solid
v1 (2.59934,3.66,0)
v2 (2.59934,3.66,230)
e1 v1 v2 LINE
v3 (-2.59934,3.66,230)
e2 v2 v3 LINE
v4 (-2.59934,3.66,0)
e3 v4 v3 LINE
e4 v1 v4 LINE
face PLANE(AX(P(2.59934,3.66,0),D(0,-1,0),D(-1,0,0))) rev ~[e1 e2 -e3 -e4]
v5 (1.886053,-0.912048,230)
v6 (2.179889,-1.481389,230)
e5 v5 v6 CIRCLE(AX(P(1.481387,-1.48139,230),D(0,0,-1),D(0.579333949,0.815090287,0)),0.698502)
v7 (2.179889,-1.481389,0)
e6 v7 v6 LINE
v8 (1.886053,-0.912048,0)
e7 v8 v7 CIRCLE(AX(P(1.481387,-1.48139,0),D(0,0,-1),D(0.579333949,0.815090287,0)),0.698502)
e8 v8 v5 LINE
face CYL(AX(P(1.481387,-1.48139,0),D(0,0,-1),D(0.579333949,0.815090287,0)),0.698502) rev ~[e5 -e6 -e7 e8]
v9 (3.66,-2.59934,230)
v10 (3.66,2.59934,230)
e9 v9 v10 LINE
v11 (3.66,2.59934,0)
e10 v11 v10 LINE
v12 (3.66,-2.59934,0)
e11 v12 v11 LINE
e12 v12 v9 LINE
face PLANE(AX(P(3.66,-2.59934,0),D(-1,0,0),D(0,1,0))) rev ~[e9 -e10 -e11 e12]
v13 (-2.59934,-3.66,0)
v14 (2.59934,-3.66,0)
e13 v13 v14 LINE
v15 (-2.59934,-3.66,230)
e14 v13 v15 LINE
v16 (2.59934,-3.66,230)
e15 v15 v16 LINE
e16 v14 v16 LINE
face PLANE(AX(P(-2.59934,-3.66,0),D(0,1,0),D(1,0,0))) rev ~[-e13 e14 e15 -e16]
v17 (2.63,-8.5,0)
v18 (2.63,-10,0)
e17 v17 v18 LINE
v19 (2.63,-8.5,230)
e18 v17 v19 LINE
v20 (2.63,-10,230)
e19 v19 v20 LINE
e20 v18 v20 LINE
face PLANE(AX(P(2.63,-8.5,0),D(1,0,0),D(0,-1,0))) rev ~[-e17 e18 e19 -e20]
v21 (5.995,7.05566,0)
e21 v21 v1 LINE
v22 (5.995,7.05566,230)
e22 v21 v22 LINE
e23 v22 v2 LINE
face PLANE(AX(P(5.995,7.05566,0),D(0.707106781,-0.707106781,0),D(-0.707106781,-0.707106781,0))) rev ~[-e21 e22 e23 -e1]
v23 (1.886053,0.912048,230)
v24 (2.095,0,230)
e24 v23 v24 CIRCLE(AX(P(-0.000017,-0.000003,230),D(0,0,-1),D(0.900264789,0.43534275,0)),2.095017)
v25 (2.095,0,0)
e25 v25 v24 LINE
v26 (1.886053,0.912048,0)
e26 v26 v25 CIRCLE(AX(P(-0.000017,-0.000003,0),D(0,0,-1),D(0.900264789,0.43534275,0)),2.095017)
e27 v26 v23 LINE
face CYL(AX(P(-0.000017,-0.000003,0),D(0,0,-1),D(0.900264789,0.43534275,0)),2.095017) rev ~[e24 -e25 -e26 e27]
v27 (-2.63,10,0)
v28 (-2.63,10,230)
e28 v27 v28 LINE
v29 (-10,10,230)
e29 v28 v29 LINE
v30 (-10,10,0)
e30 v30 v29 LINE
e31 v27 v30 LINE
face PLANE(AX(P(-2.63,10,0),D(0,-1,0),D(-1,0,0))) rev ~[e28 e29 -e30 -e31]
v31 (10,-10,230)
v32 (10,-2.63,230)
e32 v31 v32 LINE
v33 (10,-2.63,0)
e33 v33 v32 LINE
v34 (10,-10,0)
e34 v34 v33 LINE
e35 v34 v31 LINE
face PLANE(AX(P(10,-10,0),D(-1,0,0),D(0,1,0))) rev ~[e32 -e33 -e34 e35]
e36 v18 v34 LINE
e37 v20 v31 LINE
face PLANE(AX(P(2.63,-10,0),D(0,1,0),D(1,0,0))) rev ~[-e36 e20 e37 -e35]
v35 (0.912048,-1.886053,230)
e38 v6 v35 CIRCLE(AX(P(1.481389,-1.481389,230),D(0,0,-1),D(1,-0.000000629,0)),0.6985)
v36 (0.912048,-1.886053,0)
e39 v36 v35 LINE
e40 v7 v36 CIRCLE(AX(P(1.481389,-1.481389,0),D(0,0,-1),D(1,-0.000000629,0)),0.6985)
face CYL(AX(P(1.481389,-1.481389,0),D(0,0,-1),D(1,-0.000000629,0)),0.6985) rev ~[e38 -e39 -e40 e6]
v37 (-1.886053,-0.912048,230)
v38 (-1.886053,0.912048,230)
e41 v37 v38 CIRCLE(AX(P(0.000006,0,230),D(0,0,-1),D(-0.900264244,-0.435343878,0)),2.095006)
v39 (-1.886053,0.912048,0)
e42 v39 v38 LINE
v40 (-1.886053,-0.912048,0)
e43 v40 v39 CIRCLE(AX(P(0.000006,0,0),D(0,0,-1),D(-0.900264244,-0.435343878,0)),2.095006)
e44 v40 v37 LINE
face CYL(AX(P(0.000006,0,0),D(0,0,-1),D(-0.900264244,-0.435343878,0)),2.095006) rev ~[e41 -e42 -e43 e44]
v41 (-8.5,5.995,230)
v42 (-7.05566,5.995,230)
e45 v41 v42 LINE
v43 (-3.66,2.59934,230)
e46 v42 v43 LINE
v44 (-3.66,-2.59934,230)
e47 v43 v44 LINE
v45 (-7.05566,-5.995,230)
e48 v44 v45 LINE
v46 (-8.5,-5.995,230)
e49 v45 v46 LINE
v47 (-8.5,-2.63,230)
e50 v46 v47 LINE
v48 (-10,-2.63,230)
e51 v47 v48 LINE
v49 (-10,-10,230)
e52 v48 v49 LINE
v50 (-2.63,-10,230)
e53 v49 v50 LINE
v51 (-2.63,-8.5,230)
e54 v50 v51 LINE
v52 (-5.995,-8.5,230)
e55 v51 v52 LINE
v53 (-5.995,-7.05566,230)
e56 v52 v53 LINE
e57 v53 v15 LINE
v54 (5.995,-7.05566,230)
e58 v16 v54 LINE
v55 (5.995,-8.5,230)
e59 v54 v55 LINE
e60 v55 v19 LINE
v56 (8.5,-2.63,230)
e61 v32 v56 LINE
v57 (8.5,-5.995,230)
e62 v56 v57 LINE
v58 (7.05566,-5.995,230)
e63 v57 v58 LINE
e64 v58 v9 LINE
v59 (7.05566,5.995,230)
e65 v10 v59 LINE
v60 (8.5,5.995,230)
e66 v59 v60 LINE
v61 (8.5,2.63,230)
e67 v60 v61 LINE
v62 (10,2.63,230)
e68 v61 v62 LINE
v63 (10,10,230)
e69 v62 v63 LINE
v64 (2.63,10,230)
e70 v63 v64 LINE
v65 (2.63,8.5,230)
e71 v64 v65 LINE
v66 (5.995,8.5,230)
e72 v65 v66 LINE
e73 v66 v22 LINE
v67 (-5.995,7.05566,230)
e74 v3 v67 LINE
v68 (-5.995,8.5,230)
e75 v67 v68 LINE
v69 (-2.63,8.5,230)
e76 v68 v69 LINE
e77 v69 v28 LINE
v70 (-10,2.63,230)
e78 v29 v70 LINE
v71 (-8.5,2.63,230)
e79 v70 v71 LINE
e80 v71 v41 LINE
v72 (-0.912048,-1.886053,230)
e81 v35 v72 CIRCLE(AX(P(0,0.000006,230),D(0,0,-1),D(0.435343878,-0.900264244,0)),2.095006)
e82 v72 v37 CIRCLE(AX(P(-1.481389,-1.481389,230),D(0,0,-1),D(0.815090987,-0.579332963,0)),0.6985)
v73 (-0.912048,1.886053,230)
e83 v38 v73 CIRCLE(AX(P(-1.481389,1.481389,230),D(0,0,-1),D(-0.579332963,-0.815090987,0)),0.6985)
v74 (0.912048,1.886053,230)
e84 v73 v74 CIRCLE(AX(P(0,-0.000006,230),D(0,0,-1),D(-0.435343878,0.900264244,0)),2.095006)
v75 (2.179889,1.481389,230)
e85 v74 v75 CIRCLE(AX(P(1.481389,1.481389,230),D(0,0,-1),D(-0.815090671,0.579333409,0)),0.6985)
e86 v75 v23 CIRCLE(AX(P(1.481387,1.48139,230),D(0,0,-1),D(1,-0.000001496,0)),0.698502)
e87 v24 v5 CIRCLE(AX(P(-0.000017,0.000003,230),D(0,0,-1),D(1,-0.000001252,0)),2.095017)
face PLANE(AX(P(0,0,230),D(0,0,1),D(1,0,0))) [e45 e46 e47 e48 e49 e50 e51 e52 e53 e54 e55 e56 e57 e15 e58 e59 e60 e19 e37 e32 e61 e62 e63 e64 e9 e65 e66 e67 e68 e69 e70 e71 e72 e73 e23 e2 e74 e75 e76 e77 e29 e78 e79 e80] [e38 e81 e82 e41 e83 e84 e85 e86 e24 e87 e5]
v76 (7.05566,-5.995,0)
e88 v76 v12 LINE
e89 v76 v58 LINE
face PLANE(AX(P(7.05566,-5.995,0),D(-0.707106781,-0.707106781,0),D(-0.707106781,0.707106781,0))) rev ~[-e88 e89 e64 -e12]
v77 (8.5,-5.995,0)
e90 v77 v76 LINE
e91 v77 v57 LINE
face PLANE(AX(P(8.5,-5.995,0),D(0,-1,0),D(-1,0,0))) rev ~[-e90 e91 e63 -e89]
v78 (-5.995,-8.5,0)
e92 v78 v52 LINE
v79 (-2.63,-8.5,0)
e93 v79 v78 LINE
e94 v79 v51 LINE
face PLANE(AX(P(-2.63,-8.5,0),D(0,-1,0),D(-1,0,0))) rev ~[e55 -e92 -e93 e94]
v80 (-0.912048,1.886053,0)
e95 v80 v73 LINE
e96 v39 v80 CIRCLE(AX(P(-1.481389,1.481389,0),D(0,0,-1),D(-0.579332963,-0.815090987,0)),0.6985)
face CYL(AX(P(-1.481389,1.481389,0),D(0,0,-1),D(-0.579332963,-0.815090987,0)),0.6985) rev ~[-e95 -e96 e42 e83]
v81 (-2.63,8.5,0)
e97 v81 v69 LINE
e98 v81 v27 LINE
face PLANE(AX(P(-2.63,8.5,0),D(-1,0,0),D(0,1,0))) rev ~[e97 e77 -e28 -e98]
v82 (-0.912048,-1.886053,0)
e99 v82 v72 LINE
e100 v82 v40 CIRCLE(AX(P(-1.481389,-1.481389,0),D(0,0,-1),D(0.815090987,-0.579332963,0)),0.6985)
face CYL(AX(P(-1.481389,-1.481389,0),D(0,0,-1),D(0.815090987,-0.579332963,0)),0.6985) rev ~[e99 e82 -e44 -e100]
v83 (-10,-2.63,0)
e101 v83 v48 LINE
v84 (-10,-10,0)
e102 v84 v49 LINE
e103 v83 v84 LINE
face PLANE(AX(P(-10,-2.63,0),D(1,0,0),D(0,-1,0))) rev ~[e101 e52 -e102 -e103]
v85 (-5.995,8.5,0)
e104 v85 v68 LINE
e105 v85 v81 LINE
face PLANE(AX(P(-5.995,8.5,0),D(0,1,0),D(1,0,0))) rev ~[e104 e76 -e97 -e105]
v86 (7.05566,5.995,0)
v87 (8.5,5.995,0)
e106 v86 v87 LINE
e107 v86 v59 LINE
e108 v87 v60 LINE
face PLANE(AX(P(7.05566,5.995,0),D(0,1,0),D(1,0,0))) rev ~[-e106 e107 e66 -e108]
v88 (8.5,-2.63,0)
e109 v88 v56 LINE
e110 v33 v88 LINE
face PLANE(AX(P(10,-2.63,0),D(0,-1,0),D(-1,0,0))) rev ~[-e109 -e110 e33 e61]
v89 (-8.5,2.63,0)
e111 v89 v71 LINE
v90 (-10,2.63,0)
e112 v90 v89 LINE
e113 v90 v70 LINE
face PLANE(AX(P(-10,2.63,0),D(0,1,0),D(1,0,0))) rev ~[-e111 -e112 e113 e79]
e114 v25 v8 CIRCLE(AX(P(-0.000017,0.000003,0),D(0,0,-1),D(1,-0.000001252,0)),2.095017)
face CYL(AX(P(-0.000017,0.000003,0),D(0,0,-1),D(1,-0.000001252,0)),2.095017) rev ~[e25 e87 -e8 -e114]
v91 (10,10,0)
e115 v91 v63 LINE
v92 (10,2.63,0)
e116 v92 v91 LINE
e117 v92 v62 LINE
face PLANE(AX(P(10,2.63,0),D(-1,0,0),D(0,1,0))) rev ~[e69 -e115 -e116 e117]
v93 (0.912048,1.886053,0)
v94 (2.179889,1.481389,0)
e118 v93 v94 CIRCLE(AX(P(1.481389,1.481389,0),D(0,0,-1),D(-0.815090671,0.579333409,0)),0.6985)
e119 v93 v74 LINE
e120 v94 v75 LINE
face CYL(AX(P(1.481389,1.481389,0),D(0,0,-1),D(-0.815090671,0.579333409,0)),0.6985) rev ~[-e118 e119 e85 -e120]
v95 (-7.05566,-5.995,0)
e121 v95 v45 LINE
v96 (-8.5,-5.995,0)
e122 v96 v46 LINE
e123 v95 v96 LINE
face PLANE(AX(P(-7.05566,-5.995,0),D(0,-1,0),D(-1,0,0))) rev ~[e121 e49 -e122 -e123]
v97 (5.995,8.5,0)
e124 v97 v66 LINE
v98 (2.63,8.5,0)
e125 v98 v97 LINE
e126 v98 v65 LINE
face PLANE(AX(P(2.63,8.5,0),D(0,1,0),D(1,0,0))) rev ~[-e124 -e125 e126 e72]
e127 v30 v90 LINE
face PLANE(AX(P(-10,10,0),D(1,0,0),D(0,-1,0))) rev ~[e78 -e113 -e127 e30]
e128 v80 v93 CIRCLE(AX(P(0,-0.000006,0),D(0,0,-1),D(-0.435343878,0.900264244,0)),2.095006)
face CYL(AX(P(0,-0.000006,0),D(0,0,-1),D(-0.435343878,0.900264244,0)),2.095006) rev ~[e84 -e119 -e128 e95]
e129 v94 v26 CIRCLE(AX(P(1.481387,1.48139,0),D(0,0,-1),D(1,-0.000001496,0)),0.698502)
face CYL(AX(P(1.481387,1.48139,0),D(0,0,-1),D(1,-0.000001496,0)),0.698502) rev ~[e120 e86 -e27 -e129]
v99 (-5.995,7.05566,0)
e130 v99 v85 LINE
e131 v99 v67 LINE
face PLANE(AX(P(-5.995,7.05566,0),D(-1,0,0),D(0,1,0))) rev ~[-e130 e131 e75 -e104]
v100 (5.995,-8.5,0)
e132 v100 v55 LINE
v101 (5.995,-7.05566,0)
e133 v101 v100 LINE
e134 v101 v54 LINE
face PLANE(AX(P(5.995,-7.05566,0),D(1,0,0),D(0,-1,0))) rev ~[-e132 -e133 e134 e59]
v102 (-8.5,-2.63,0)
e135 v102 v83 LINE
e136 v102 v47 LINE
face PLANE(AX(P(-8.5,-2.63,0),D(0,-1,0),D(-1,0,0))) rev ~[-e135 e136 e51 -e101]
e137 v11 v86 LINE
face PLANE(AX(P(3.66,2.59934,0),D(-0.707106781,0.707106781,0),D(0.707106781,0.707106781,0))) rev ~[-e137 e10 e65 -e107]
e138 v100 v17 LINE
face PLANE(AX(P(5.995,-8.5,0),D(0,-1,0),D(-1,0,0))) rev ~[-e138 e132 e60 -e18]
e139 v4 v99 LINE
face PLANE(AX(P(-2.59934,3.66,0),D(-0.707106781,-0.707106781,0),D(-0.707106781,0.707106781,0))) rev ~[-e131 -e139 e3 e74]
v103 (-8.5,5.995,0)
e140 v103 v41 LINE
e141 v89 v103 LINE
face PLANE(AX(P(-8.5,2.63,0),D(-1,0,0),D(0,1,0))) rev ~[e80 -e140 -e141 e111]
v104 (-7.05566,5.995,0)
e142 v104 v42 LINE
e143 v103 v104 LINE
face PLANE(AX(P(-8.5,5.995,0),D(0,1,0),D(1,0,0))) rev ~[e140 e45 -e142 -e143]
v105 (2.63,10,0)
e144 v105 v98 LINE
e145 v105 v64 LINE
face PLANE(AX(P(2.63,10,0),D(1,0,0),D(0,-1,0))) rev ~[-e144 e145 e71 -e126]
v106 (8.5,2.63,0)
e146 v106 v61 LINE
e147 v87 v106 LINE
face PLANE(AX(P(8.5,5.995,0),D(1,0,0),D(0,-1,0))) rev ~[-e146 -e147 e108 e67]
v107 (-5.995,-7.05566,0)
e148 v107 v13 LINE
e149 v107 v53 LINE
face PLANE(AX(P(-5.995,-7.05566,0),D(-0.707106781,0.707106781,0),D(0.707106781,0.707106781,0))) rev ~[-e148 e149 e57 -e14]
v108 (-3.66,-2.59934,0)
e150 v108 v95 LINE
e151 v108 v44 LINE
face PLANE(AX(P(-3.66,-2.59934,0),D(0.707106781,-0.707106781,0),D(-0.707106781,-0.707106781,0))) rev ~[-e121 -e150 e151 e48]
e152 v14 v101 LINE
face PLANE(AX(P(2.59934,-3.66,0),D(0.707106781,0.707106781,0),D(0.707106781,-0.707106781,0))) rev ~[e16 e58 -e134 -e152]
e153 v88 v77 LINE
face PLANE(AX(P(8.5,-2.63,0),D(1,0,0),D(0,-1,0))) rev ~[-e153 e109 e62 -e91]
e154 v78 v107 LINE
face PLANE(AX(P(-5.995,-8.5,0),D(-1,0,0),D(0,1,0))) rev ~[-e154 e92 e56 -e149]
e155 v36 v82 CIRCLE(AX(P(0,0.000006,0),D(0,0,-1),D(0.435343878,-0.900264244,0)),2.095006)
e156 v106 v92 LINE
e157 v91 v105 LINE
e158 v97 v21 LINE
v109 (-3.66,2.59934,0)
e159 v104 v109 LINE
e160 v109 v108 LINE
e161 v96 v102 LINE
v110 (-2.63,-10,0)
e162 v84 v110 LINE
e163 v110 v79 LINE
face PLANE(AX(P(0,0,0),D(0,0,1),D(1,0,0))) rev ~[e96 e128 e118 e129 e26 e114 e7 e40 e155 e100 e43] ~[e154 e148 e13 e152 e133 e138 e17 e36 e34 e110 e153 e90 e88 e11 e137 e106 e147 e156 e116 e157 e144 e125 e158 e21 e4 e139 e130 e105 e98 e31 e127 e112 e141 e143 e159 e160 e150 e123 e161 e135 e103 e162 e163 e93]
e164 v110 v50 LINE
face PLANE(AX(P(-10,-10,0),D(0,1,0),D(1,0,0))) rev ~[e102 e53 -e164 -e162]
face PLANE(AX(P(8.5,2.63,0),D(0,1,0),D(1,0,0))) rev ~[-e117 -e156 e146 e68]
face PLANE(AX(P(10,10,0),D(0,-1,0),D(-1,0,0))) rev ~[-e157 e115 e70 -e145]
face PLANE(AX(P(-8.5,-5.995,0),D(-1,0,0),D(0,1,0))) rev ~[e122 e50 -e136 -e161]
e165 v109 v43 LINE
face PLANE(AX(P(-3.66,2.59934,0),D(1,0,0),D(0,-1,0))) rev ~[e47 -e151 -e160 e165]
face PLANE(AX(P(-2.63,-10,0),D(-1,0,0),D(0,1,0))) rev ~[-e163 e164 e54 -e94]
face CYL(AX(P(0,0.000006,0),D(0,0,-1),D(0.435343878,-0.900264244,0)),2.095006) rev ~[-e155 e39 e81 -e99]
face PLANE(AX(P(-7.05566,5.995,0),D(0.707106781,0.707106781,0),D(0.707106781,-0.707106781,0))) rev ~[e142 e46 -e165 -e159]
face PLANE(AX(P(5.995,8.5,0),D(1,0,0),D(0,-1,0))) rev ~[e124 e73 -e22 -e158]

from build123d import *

# Parameters (mm, degrees)
F1_DEPTH = 230


with BuildPart() as f1:
    # F0 (on Top) → F1 (new body)
    with BuildSketch(Plane.XY):
        Polygon((10, 2.63), (10, 10), (2.63, 10), (2.63, 8.5), (5.995, 8.5), (5.995, 7.05566), (2.59934, 3.66), (-2.59934, 3.66), (-5.995, 7.05566), (-5.995, 8.5), (-2.63, 8.5), (-2.63, 10), (-10, 10), (-10, 2.63), (-8.5, 2.63), (-8.5, 5.995), (-7.05566, 5.995), (-3.66, 2.59934), (-3.66, -2.59934), (-7.05566, -5.995), (-8.5, -5.995), (-8.5, -2.63), (-10, -2.63), (-10, -10), (-2.63, -10), (-2.63, -8.5), (-5.995, -8.5), (-5.995, -7.05566), (-2.59934, -3.66), (2.59934, -3.66), (5.995, -7.05566), (5.995, -8.5), (2.63, -8.5), (2.63, -10), (10, -10), (10, -2.63), (8.5, -2.63), (8.5, -5.995), (7.05566, -5.995), (3.66, -2.59934), (3.66, 2.59934), (7.05566, 5.995), (8.5, 5.995), (8.5, 2.63), align=None)
        with BuildLine():
            ThreePointArc((1.886053, 0.912048), (2.042095, 0.467838), (2.095, 0))
            ThreePointArc((2.095, 0), (2.042095, -0.467838), (1.886053, -0.912048))
            ThreePointArc((1.886053, -0.912048), (2.102098, -1.161042), (2.179889, -1.481389))
            ThreePointArc((2.179889, -1.481389), (1.693777, -2.146816), (0.912048, -1.886053))
            ThreePointArc((0.912048, -1.886053), (0, -2.095), (-0.912048, -1.886053))
            ThreePointArc((-0.912048, -1.886053), (-1.975303, -1.975303), (-1.886053, -0.912048))
            ThreePointArc((-1.886053, -0.912048), (-2.095, 0), (-1.886053, 0.912048))
            ThreePointArc((-1.886053, 0.912048), (-1.975303, 1.975303), (-0.912048, 1.886053))
            ThreePointArc((-0.912048, 1.886053), (0, 2.095), (0.912048, 1.886053))
            ThreePointArc((0.912048, 1.886053), (1.693777, 2.146816), (2.179889, 1.481389))
            ThreePointArc((2.179889, 1.481389), (2.102098, 1.161042), (1.886053, 0.912048))
        make_face(mode=Mode.SUBTRACT)
    extrude(amount=F1_DEPTH)


solid = f1.part
